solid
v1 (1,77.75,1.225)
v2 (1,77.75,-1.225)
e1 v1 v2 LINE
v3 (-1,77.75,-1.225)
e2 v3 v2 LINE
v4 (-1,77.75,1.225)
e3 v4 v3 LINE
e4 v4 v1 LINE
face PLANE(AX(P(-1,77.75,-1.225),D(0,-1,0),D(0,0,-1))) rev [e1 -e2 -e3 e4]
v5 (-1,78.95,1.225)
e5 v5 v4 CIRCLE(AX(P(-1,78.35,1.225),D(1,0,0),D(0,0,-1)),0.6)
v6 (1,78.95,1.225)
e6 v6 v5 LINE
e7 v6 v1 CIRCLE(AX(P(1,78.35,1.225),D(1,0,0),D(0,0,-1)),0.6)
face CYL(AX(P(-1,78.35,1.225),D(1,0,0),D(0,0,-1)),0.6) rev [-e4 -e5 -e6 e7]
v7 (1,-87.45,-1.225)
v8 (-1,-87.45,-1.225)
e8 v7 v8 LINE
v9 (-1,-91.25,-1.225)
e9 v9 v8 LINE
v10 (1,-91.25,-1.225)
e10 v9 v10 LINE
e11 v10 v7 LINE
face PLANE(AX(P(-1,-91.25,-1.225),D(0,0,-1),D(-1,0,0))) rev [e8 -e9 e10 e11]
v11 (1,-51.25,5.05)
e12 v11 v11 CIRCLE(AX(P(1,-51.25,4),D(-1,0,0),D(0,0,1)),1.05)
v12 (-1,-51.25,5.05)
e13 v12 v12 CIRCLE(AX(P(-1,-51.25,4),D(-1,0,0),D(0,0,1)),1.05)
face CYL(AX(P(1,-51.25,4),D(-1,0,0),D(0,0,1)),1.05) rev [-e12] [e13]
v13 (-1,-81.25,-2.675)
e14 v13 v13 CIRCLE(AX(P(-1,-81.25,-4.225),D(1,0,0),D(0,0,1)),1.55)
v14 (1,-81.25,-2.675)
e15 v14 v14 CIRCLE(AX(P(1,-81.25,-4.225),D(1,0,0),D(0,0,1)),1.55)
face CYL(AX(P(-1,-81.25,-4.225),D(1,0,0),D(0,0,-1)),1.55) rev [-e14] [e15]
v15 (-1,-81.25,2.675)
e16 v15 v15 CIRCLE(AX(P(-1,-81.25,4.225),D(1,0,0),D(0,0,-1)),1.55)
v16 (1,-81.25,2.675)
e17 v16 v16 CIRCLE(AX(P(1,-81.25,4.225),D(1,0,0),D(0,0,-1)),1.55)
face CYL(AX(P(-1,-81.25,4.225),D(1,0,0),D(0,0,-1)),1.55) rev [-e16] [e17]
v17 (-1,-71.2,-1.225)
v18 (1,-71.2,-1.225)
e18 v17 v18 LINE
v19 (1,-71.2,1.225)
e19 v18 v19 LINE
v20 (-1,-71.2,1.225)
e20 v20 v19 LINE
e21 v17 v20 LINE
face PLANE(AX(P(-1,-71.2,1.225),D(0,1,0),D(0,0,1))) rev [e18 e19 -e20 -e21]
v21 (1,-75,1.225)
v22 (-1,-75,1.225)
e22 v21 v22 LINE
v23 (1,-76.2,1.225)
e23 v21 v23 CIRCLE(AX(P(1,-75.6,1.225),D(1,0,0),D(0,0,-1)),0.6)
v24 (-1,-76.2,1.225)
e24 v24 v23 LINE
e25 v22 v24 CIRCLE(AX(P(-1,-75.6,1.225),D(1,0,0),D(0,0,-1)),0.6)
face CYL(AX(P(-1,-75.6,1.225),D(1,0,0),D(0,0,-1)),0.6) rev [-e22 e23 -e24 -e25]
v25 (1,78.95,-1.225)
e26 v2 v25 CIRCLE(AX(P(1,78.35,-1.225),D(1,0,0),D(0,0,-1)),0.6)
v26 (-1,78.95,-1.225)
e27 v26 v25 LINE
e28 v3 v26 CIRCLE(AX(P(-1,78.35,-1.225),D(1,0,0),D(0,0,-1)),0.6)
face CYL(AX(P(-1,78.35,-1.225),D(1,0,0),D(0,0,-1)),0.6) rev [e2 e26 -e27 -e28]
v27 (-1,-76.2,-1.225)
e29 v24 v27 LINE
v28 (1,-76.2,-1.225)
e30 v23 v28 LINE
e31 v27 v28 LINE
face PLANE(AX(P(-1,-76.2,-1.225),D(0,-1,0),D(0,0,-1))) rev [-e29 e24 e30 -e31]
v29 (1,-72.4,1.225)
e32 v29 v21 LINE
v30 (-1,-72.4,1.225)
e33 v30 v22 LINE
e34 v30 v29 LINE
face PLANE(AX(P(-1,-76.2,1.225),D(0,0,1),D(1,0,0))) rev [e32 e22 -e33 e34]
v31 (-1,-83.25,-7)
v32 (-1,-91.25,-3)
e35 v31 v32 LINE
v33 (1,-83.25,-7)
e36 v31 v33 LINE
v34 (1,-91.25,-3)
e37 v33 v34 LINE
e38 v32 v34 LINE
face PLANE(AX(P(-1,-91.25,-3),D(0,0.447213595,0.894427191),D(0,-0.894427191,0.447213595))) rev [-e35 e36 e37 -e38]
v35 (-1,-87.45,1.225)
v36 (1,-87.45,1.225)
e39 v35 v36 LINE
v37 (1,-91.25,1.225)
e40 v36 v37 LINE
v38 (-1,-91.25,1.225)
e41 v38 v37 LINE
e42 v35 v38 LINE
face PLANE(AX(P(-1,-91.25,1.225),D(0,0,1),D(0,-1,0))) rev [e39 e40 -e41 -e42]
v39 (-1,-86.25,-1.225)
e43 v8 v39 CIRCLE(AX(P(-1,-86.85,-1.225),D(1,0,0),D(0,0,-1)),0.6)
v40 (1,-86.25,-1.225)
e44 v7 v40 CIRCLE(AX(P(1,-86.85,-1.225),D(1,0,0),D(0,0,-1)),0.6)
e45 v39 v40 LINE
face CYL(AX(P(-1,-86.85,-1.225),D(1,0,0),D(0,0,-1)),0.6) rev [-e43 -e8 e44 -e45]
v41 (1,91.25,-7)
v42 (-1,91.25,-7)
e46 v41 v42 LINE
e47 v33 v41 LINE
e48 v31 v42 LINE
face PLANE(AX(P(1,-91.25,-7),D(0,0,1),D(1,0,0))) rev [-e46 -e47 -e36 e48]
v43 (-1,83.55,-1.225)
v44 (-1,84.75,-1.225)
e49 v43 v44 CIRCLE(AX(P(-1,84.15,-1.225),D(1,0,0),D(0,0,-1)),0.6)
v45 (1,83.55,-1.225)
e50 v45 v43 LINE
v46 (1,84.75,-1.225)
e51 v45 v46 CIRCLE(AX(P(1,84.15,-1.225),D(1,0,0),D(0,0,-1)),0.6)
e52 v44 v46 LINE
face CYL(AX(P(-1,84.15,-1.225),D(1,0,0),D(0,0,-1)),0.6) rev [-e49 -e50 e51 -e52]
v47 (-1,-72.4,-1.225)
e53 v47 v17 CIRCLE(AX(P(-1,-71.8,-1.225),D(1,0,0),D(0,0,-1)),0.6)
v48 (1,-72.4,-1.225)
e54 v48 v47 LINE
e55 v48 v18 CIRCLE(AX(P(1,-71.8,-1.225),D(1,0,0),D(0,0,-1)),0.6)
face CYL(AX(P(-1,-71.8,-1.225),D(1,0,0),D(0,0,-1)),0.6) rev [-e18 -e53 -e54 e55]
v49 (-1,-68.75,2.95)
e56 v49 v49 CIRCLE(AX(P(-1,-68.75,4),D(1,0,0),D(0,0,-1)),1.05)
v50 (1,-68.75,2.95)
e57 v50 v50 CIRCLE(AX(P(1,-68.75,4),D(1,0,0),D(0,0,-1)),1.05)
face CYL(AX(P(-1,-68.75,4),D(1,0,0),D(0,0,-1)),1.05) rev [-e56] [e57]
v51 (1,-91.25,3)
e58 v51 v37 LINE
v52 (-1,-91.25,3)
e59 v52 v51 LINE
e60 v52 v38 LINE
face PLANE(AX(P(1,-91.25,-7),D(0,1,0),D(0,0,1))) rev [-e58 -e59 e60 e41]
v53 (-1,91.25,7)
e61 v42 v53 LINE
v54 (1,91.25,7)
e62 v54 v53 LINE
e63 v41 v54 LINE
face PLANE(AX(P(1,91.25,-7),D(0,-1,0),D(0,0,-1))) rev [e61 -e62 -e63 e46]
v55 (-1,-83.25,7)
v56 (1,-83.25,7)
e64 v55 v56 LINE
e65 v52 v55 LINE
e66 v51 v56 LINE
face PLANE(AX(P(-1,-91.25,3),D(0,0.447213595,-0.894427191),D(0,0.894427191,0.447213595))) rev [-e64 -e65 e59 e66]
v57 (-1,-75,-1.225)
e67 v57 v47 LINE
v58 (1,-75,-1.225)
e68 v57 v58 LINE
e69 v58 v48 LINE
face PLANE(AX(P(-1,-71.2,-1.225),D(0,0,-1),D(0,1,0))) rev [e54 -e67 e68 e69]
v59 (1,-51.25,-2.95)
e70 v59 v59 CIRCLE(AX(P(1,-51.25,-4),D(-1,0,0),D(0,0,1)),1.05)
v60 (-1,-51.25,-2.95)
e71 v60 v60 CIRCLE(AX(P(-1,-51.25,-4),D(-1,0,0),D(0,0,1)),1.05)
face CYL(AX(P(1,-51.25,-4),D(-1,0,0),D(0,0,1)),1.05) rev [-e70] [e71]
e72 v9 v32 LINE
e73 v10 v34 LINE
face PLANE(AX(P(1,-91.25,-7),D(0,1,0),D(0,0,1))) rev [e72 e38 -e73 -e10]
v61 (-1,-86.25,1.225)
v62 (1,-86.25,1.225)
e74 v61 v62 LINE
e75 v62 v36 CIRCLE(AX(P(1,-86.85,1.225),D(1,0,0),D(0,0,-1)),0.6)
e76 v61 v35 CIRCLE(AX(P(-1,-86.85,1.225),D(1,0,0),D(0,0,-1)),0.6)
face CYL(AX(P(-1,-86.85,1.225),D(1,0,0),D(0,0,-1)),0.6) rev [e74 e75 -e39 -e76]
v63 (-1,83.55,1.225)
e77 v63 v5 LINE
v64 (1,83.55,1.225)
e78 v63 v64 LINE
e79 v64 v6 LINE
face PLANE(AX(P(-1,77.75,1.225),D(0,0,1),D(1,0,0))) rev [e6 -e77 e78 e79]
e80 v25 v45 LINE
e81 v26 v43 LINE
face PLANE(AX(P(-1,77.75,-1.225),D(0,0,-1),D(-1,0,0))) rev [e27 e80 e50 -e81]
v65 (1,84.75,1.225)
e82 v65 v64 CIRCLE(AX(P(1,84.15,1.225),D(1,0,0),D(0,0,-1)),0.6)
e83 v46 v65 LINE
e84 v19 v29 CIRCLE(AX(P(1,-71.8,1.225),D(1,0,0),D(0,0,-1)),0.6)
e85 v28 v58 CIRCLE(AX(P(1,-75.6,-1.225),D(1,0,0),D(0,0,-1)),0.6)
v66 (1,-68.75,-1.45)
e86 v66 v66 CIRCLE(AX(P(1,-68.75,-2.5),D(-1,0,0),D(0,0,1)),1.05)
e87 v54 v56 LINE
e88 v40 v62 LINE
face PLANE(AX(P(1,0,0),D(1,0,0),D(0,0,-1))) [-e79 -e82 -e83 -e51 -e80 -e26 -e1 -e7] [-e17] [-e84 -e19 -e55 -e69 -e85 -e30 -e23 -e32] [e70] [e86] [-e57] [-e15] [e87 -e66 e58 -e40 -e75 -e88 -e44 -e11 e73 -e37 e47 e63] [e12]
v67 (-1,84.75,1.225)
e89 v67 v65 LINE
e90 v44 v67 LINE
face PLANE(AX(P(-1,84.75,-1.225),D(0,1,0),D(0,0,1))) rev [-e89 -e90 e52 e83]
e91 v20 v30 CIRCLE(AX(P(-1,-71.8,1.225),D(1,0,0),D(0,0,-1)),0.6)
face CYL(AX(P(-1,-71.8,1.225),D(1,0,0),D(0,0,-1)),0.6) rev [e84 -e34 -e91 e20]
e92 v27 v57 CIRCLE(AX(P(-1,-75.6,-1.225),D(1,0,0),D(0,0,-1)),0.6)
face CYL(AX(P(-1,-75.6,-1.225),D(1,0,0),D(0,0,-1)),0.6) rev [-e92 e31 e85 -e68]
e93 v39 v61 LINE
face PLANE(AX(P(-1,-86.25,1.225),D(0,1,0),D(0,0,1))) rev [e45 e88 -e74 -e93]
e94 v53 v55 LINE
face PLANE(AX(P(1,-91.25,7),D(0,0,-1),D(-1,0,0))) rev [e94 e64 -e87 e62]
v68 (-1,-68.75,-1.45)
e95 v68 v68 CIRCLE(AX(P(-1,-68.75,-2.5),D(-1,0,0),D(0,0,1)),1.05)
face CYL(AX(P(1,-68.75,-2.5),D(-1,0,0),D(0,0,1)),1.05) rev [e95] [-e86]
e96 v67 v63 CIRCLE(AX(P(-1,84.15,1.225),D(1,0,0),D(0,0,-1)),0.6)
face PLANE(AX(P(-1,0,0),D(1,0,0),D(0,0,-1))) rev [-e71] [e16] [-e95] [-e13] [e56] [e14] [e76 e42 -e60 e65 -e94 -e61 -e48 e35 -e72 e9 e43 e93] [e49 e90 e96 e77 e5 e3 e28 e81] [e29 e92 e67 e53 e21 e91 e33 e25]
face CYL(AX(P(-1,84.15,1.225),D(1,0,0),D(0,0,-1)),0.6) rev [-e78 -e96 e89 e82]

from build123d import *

# Parameters (mm, degrees)
SKETCH_1_W           = 14
SKETCH_1_H           = 182.5
EXTRUDE_1_DEPTH      = 1
SKETCH_2_W           = 2.45
SKETCH_2_H           = 5
CUT_EXTRUDE_1_DEPTH  = 3
SKETCH_3_R           = 0.6
CUT_EXTRUDE_2_DEPTH  = 3
SKETCH_6_W           = 2.45
SKETCH_6_H           = 5
CUT_EXTRUDE_4_DEPTH  = 3
SKETCH_7_R           = 0.6
CUT_EXTRUDE_5_DEPTH  = 3
SKETCH_8_R           = 1.55
CUT_EXTRUDE_6_DEPTH  = 3
SKETCH_9_W           = 2.45
SKETCH_9_H           = 7
CUT_EXTRUDE_7_DEPTH  = 3
SKETCH_10_R          = 0.6
CUT_EXTRUDE_8_DEPTH  = 3
CUT_EXTRUDE_9_DEPTH  = 3
SKETCH_12_R          = 1.05
CUT_EXTRUDE_10_DEPTH = 3
SKETCH_14_R          = 1.05
CUT_EXTRUDE_11_DEPTH = 3
SKETCH_15_R          = 1.05
CUT_EXTRUDE_12_DEPTH = 3


with BuildPart() as part:
    # 草图1 → 凸台-拉伸1 (new body, symmetric)
    with BuildSketch(Plane(origin=(0, 0, 0), x_dir=(0, 0, -1), z_dir=(1, 0, 0))):
        Rectangle(SKETCH_1_W, SKETCH_1_H)
    extrude(amount=EXTRUDE_1_DEPTH, both=True)

    # 草图2 → 切除-拉伸1 (cut, through all)
    with BuildSketch(Plane(origin=(1, 0, 0), x_dir=(0, 0, -1), z_dir=(1, 0, 0))):
        with Locations((0, -88.75)):
            Rectangle(SKETCH_2_W, SKETCH_2_H)
    extrude(amount=-CUT_EXTRUDE_1_DEPTH, mode=Mode.SUBTRACT)

    # 草图3 → 切除-拉伸2 (cut, through all)
    with BuildSketch(Plane(origin=(1, 0, 0), x_dir=(0, 0, -1), z_dir=(1, 0, 0))):
        with Locations((-1.225, -86.85)):
            Circle(SKETCH_3_R)
        with Locations((1.225, -86.85)):
            Circle(SKETCH_3_R)
    extrude(amount=-CUT_EXTRUDE_2_DEPTH, mode=Mode.SUBTRACT)

    # 草图6 → 切除-拉伸4 (cut, through all)
    with BuildSketch(Plane(origin=(1, 0, 0), x_dir=(0, 0, -1), z_dir=(1, 0, 0))):
        with Locations((0, -73.7)):
            Rectangle(SKETCH_6_W, SKETCH_6_H)
    extrude(amount=-CUT_EXTRUDE_4_DEPTH, mode=Mode.SUBTRACT)

    # 草图7 → 切除-拉伸5 (cut, through all)
    with BuildSketch(Plane(origin=(1, 0, 0), x_dir=(0, 0, -1), z_dir=(1, 0, 0))):
        with Locations((-1.225, -71.8)):
            Circle(SKETCH_7_R)
        with Locations((-1.225, -75.6)):
            Circle(SKETCH_7_R)
        with Locations((1.225, -71.8)):
            Circle(SKETCH_7_R)
        with Locations((1.225, -75.6)):
            Circle(SKETCH_7_R)
    extrude(amount=-CUT_EXTRUDE_5_DEPTH, mode=Mode.SUBTRACT)

    # 草图8 → 切除-拉伸6 (cut, through all)
    with BuildSketch(Plane(origin=(1, 0, 0), x_dir=(0, 0, -1), z_dir=(1, 0, 0))):
        with Locations((-4.225, -81.25)):
            Circle(SKETCH_8_R)
        with Locations((4.225, -81.25)):
            Circle(SKETCH_8_R)
    extrude(amount=-CUT_EXTRUDE_6_DEPTH, mode=Mode.SUBTRACT)

    # 草图9 → 切除-拉伸7 (cut, through all)
    with BuildSketch(Plane(origin=(1, 0, 0), x_dir=(0, 0, -1), z_dir=(1, 0, 0))):
        with Locations((0, 81.25)):
            Rectangle(SKETCH_9_W, SKETCH_9_H)
    extrude(amount=-CUT_EXTRUDE_7_DEPTH, mode=Mode.SUBTRACT)

    # 草图10 → 切除-拉伸8 (cut, through all)
    with BuildSketch(Plane(origin=(1, 0, 0), x_dir=(0, 0, -1), z_dir=(1, 0, 0))):
        with Locations((-1.225, 84.15)):
            Circle(SKETCH_10_R)
        with Locations((-1.225, 78.35)):
            Circle(SKETCH_10_R)
        with Locations((1.225, 84.15)):
            Circle(SKETCH_10_R)
        with Locations((1.225, 78.35)):
            Circle(SKETCH_10_R)
    extrude(amount=-CUT_EXTRUDE_8_DEPTH, mode=Mode.SUBTRACT)

    # 草图11 → 切除-拉伸9 (cut, through all)
    with BuildSketch(Plane(origin=(1, 0, 0), x_dir=(0, 0, -1), z_dir=(1, 0, 0))):
        Polygon((-3, -91.25), (-7, -83.25), (-7, -91.25), align=None)
        Polygon((7, -83.25), (7, -91.25), (3, -91.25), align=None)
    extrude(amount=-CUT_EXTRUDE_9_DEPTH, mode=Mode.SUBTRACT)

    # 草图12 → 切除-拉伸10 (cut, through all)
    with BuildSketch(Plane(origin=(1, 0, 0), x_dir=(0, 0, -1), z_dir=(1, 0, 0))):
        with Locations((-4, -68.75)):
            Circle(SKETCH_12_R)
    extrude(amount=-CUT_EXTRUDE_10_DEPTH, mode=Mode.SUBTRACT)

    # 草图14 → 切除-拉伸11 (cut, through all)
    with BuildSketch(Plane.ZY.offset(1)):
        with Locations((-2.5, -68.75)):
            Circle(SKETCH_14_R)
    extrude(amount=-CUT_EXTRUDE_11_DEPTH, mode=Mode.SUBTRACT)

    # 草图15 → 切除-拉伸12 (cut, through all)
    with BuildSketch(Plane.ZY.offset(1)):
        with Locations((-4, -51.25)):
            Circle(SKETCH_15_R)
        with Locations((4, -51.25)):
            Circle(SKETCH_15_R)
    extrude(amount=-CUT_EXTRUDE_12_DEPTH, mode=Mode.SUBTRACT)


solid = part.part
